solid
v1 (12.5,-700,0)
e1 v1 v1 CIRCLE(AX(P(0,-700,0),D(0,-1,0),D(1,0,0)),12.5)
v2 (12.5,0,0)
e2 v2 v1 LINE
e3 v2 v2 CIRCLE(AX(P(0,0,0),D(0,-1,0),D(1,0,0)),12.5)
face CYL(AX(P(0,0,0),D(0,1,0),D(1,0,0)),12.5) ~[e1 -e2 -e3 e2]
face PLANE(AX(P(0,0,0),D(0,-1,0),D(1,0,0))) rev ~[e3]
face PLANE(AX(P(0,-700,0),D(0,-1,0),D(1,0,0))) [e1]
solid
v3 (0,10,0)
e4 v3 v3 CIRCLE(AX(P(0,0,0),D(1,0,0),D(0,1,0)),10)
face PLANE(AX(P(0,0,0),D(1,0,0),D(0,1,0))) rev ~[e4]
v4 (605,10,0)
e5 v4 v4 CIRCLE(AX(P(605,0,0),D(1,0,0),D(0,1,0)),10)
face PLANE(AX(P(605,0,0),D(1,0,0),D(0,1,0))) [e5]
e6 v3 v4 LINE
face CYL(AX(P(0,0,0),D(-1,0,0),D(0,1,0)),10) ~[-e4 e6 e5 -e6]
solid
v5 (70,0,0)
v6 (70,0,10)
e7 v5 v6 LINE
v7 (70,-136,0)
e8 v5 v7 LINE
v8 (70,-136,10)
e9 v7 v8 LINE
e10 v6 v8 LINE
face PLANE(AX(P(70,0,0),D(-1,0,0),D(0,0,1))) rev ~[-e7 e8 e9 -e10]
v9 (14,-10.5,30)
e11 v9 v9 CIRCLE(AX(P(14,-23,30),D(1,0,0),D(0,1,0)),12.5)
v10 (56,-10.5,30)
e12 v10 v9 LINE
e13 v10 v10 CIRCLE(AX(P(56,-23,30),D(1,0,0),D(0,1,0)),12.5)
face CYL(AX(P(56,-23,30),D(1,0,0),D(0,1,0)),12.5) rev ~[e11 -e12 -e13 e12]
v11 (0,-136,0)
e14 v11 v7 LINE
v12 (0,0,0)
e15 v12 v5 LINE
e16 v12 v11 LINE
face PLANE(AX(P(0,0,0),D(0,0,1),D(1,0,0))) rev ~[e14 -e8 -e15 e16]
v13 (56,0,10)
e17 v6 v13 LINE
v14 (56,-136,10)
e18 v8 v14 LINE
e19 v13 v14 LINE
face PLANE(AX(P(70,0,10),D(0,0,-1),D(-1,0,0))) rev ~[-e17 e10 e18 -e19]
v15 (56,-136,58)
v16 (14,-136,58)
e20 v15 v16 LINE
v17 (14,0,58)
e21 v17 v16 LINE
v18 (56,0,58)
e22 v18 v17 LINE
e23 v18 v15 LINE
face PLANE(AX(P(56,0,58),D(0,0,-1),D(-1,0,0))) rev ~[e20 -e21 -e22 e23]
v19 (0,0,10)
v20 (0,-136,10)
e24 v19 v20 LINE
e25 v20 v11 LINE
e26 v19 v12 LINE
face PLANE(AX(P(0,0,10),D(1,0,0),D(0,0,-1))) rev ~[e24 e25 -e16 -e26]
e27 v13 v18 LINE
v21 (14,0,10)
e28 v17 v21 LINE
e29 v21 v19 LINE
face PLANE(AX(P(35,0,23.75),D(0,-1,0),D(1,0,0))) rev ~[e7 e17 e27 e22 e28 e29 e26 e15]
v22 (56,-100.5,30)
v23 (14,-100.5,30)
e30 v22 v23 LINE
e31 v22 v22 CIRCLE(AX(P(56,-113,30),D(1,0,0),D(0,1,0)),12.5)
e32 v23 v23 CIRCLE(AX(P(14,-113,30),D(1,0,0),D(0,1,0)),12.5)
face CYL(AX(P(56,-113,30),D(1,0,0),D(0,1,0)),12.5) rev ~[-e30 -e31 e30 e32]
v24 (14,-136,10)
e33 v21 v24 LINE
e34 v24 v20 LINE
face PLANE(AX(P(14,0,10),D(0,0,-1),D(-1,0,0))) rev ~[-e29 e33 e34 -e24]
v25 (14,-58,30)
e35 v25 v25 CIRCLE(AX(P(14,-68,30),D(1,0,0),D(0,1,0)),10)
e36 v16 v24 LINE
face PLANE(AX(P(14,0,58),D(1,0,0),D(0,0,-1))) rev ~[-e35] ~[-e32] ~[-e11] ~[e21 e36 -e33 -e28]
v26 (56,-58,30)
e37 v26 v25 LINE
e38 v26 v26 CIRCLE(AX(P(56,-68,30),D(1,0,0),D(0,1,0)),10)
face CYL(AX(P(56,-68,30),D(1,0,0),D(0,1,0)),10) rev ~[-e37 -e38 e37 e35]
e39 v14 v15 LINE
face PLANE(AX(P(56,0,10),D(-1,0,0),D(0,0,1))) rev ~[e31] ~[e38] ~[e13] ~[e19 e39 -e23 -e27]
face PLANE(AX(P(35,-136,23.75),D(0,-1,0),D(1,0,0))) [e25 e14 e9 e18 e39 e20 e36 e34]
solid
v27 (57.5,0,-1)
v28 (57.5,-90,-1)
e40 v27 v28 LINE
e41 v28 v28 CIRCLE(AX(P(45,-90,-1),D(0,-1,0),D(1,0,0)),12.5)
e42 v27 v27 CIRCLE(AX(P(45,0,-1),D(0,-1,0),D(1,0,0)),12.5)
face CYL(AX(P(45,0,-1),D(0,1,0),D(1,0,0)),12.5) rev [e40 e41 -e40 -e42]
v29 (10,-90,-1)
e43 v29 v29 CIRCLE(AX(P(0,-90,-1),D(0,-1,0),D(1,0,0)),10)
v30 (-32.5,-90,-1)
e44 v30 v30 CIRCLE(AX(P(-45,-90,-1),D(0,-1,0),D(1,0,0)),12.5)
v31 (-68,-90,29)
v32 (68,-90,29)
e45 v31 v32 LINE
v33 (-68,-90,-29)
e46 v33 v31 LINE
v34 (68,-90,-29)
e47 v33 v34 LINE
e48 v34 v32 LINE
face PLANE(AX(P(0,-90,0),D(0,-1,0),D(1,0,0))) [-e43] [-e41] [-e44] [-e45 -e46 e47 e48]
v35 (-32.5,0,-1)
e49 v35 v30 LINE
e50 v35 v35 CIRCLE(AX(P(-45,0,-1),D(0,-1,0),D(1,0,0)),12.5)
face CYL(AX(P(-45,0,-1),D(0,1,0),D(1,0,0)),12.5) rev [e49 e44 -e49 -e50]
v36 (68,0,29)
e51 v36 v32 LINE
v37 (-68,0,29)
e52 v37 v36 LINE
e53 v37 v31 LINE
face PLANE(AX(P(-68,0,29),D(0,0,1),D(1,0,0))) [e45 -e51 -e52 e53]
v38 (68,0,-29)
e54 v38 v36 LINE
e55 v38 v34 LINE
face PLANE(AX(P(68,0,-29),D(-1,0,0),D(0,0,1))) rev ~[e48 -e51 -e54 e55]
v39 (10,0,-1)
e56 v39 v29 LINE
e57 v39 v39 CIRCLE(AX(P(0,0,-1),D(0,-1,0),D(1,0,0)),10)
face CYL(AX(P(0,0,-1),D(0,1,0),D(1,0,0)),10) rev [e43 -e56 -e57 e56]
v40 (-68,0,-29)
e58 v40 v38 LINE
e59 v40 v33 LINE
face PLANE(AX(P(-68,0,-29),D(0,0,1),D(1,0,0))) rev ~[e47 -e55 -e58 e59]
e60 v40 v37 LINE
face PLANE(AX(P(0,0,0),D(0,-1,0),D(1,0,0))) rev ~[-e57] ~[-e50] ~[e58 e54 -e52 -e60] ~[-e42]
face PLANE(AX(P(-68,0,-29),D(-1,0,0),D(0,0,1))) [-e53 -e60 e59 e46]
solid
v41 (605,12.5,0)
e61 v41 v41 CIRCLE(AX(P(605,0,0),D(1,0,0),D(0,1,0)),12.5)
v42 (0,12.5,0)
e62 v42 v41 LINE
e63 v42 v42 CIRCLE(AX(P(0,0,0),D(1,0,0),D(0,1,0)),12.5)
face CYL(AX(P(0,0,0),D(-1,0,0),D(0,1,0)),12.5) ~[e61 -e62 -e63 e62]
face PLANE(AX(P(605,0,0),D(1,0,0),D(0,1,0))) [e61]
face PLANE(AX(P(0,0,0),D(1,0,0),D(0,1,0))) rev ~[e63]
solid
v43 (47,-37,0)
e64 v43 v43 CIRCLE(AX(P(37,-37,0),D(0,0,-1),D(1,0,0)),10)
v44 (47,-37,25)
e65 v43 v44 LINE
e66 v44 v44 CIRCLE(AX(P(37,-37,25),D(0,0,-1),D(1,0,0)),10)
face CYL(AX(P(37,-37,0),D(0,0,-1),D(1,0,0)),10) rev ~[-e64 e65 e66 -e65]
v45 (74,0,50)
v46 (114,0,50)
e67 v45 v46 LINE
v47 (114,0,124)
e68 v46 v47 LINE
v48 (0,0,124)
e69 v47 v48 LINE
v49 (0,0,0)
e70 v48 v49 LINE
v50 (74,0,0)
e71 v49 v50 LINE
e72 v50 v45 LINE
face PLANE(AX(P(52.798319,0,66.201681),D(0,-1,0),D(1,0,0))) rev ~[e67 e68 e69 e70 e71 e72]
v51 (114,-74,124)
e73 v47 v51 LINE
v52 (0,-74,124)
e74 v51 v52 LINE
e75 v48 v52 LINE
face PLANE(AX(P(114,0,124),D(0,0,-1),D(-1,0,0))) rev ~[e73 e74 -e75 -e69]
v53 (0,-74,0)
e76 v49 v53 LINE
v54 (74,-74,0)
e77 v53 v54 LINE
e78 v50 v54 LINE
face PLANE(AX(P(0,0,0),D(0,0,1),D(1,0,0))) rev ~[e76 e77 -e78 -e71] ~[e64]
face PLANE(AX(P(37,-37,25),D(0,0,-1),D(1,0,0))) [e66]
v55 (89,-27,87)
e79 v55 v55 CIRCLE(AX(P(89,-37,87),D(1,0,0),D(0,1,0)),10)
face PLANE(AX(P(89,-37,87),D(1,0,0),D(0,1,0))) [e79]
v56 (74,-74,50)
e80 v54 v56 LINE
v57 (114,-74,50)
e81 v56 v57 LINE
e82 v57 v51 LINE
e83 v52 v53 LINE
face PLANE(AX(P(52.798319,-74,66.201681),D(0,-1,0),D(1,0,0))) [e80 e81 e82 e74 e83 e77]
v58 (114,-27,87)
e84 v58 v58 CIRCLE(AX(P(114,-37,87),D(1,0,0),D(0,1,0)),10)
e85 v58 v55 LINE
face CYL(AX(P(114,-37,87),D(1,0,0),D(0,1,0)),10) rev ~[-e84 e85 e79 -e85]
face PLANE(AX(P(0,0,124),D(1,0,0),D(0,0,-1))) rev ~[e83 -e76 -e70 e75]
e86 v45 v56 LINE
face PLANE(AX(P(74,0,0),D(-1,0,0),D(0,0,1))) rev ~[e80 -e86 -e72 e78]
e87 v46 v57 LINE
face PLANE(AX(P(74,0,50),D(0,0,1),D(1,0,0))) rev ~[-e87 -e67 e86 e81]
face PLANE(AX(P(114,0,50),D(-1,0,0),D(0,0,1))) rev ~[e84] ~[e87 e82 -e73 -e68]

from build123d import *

# Parameters (mm, degrees)
F1_DEPTH  = 136
F2_R      = 12.5
F2_R_2    = 10
F3_DEPTH  = 56.001
F4_R      = 10
F5_DEPTH  = 605
F4_R_2    = 12.5
F6_DEPTH  = 605
F7_W      = 136
F7_H      = 58
F7_R      = 12.5
F7_R_2    = 10
F8_DEPTH  = 90
F10_DEPTH = 74
F11_R     = 10
F12_DEPTH = 25
F13_R     = 10
F14_DEPTH = 25
F15_R     = 12.5
F16_DEPTH = 700


with BuildPart() as f1:
    # F0 (on Front) → F1 (new body)
    with BuildSketch(Plane.XZ):
        Polygon((0, 10), (0, 0), (70, 0), (70, 10), (56, 10), (56, 58), (14, 58), (14, 10), align=None)
    extrude(amount=F1_DEPTH)

    # F2 (on face) → F3 (cut, through all)
    with BuildSketch(Plane.YZ.offset(56)):
        with Locations((-113, 30)):
            Circle(F2_R)
        with Locations((-68, 30)):
            Circle(F2_R_2)
        with Locations((-23, 30)):
            Circle(F2_R)
    extrude(amount=-F3_DEPTH, mode=Mode.SUBTRACT)


with BuildPart() as f5:
    # F4 (on Right) → F5 (new body)
    with BuildSketch(Plane.YZ):
        Circle(F4_R)
    extrude(amount=F5_DEPTH)


with BuildPart() as f6:
    # F4 (on Right) → F6 (new body)
    with BuildSketch(Plane.YZ):
        Circle(F4_R_2)
        Circle(F4_R, mode=Mode.SUBTRACT)
        Circle(F4_R)
    extrude(amount=F6_DEPTH)


with BuildPart() as f8:
    # F7 (on Front) → F8 (new body)
    with BuildSketch(Plane.XZ):
        Rectangle(F7_W, F7_H)
        with Locations((-45, -1)):
            Circle(F7_R, mode=Mode.SUBTRACT)
        with Locations((0, -1)):
            Circle(F7_R_2, mode=Mode.SUBTRACT)
        with Locations((45, -1)):
            Circle(F7_R, mode=Mode.SUBTRACT)
    extrude(amount=F8_DEPTH)


with BuildPart() as f10:
    # F9 (on Front) → F10 (new body)
    with BuildSketch(Plane.XZ):
        Polygon((0, 124), (0, 0), (74, 0), (74, 50), (114, 50), (114, 124), align=None)
    extrude(amount=F10_DEPTH)

    # F11 (on face) → F12 (cut)
    with BuildSketch(Plane(origin=(0, 0, 0), x_dir=(1, 0, 0), z_dir=(0, 0, -1))):
        with Locations((37, 37)):
            Circle(F11_R)
    extrude(amount=-F12_DEPTH, mode=Mode.SUBTRACT)

    # F13 (on face) → F14 (cut)
    with BuildSketch(Plane.YZ.offset(114)):
        with Locations((-37, 87)):
            Circle(F13_R)
    extrude(amount=-F14_DEPTH, mode=Mode.SUBTRACT)


with BuildPart() as f16:
    # F15 (on Front) → F16 (new body)
    with BuildSketch(Plane.XZ):
        Circle(F15_R)
    extrude(amount=F16_DEPTH)


solid = Compound([f1.part, f5.part, f6.part, f8.part, f10.part, f16.part])
